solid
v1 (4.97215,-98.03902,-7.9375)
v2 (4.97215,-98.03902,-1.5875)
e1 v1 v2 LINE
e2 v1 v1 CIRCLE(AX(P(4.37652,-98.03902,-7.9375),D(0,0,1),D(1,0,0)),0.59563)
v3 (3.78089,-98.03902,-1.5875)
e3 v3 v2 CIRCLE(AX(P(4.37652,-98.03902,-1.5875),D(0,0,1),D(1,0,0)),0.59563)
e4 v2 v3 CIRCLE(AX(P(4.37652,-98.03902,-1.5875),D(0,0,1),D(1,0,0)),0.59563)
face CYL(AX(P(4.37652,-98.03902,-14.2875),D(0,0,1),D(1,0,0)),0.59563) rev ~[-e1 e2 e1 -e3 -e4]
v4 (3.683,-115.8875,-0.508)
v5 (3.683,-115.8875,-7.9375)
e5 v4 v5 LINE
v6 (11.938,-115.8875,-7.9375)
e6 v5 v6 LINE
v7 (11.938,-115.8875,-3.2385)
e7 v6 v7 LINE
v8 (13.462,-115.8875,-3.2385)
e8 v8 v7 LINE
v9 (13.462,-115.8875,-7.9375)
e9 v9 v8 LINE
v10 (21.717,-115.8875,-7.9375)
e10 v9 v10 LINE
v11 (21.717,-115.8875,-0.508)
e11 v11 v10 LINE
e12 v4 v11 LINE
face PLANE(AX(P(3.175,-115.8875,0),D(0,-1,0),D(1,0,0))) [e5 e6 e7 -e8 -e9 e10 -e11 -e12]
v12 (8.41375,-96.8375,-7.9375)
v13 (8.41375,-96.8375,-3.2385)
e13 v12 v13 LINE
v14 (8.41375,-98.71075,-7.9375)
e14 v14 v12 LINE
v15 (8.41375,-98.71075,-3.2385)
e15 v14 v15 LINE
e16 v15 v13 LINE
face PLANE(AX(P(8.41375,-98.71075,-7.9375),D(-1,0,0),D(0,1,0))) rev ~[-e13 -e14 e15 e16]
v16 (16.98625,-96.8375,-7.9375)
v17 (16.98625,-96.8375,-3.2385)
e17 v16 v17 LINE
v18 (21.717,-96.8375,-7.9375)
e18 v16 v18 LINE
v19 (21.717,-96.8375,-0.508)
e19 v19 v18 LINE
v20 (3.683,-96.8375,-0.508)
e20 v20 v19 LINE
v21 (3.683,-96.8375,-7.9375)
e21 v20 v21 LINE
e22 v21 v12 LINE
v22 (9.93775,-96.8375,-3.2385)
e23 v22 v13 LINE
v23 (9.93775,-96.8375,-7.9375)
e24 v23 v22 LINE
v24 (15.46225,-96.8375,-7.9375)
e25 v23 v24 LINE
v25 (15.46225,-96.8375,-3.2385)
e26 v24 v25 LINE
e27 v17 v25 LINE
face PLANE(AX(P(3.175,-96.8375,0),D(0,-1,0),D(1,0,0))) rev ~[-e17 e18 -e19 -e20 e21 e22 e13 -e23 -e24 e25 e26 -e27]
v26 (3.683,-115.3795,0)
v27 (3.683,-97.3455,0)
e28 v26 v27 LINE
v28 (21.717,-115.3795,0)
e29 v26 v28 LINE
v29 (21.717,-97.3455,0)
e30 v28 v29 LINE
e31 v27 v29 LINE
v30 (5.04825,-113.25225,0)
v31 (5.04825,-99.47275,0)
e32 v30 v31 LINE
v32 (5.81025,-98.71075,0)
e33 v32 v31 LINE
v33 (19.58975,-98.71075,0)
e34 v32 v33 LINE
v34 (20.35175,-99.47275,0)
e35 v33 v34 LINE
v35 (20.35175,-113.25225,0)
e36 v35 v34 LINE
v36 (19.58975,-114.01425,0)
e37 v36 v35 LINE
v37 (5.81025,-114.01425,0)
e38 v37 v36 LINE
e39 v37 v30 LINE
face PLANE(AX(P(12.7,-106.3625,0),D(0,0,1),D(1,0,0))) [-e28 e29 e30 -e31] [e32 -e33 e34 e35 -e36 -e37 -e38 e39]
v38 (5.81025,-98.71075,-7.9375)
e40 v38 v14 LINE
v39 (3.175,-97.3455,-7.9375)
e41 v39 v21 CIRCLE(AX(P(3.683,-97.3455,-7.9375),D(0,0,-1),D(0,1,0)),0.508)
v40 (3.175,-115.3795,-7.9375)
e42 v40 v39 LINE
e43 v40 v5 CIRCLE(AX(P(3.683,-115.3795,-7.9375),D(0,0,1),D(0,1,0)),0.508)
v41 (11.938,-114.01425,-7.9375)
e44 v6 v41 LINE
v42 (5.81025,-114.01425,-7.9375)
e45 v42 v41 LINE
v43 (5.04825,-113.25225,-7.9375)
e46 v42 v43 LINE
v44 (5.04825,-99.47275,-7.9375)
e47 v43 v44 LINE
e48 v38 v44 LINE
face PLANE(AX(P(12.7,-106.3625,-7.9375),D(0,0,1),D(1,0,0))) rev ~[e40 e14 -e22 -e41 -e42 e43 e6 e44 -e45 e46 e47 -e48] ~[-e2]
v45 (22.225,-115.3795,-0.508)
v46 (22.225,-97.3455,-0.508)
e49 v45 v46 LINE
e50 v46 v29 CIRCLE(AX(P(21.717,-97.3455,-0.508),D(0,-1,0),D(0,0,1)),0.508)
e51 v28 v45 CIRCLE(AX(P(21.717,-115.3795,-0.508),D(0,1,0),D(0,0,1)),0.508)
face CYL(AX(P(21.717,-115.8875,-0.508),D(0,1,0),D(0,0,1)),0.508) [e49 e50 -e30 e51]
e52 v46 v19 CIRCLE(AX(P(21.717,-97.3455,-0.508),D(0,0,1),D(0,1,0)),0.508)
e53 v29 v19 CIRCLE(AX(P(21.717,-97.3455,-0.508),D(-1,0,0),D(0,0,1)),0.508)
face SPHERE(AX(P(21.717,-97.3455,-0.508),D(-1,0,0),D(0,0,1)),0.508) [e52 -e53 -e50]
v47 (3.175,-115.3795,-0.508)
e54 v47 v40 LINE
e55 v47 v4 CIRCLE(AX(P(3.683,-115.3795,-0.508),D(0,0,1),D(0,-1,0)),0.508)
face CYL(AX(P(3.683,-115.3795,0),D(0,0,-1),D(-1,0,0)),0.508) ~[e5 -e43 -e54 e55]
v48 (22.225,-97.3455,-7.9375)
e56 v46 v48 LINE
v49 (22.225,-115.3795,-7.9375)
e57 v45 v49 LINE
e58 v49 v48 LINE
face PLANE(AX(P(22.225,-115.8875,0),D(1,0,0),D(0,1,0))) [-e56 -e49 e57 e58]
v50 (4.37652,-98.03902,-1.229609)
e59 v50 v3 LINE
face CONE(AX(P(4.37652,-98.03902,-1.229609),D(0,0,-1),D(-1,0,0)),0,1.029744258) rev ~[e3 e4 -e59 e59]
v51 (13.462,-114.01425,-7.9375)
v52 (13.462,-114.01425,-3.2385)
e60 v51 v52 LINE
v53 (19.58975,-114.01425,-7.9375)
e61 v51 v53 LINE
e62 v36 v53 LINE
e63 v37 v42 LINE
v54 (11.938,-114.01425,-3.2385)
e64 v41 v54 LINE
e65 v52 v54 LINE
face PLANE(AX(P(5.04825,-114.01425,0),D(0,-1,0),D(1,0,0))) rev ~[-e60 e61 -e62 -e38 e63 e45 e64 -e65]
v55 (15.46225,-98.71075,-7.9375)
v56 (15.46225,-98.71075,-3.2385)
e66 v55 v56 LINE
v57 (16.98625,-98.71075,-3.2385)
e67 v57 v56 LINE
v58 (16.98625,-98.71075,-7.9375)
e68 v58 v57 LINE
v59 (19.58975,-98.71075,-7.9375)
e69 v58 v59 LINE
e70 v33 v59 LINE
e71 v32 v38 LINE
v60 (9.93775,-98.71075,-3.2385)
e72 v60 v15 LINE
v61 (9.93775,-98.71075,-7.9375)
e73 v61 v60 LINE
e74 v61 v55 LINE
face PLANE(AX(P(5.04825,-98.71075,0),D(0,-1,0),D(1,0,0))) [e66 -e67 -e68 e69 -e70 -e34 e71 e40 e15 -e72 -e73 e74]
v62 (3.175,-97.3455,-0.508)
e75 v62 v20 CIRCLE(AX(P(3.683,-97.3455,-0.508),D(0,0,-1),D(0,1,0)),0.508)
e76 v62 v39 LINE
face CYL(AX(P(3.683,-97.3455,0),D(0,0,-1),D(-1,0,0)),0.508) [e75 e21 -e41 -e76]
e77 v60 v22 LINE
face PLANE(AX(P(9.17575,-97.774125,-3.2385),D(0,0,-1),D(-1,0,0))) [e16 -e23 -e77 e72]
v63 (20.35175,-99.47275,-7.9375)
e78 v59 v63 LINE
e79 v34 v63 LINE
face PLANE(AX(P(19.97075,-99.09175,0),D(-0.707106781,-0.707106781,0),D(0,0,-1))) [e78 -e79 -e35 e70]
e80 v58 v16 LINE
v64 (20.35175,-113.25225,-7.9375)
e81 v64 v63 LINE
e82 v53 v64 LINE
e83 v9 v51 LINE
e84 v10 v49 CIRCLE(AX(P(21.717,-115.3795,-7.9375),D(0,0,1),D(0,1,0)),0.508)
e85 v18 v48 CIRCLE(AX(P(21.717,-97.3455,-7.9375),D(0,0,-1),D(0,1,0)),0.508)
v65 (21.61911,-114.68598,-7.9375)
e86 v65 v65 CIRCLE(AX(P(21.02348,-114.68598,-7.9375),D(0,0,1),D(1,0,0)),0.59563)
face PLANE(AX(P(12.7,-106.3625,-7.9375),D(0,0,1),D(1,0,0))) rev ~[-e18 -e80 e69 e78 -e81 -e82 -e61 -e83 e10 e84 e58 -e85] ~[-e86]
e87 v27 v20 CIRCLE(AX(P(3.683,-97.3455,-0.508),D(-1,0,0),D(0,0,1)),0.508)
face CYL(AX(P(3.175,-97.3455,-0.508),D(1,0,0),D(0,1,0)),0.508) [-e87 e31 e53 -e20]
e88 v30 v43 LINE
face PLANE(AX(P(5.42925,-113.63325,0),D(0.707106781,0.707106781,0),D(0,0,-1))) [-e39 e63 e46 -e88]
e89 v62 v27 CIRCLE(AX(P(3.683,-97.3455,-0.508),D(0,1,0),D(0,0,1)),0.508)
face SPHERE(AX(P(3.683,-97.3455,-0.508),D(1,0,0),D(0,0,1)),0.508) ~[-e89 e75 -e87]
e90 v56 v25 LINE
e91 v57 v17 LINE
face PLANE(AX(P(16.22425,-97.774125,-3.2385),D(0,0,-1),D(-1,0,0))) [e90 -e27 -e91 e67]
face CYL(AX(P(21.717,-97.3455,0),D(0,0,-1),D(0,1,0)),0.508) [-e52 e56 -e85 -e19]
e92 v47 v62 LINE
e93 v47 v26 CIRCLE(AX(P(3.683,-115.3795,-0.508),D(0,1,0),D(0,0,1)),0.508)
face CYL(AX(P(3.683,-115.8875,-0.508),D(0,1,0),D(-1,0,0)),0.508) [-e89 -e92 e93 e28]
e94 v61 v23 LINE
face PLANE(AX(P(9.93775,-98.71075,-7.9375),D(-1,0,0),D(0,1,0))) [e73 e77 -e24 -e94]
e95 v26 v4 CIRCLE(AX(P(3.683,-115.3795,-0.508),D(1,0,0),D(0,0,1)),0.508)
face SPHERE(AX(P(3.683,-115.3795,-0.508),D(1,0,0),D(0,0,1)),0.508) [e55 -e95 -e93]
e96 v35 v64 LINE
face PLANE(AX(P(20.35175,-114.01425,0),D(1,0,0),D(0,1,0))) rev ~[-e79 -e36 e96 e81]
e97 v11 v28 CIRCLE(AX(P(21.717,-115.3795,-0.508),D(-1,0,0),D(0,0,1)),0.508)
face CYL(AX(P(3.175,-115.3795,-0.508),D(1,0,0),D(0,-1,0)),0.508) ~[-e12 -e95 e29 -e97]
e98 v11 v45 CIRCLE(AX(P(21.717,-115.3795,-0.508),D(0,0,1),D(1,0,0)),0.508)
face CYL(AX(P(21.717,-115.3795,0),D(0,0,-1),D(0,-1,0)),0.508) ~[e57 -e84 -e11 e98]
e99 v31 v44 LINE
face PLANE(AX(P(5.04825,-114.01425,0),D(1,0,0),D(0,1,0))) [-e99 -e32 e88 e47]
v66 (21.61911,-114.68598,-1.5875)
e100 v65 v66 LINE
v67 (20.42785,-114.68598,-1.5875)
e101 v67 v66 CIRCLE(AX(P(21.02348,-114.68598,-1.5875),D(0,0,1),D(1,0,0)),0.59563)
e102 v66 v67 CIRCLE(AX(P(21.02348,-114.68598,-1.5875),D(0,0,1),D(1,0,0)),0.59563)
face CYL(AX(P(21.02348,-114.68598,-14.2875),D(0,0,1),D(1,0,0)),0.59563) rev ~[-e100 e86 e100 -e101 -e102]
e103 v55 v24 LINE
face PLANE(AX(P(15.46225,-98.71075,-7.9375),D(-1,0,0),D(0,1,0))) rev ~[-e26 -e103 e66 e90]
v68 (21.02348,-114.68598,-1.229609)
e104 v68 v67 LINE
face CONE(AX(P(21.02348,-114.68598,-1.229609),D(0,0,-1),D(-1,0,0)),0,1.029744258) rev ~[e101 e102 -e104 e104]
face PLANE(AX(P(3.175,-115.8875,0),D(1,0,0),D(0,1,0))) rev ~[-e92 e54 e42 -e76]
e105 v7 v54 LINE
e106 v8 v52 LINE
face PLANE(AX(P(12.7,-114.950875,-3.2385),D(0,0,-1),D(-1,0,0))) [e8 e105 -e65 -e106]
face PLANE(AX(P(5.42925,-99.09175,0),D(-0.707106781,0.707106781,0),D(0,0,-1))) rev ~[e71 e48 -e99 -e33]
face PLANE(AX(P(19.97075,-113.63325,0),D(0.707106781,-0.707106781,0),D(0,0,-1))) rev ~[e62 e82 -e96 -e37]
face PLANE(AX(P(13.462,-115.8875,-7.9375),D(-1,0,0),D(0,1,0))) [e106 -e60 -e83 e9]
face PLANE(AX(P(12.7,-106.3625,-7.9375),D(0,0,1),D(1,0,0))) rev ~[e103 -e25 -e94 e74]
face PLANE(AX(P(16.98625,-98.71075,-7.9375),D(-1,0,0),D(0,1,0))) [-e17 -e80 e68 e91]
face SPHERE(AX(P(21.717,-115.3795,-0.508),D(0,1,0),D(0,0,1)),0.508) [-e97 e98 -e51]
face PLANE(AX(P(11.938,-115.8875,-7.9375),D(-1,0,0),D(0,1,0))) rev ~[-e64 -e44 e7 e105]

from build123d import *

# Parameters (mm, degrees)
SKETCH1_W                 = 19.05
SKETCH1_H                 = 19.05
SKETCH1_W_2               = 15.3035
SKETCH1_H_2               = 15.3035
BOSS_EXTRUDE1_DEPTH       = 7.9375
SKETCH2_W                 = 1.524
SKETCH2_H                 = 1.87325
CUT_EXTRUDE_THIN1_DEPTH   = 4.699
FILLET2_R                 = 0.508
CHAMFER1_SIZE             = 0.762
F_0_80_TAPPED_HOLE1_D     = 1.19126
F_0_80_TAPPED_HOLE1_DEPTH = 6.35
F_0_80_TAPPED_HOLE1_TIP   = 0.357890611


with BuildPart() as part:
    # Sketch1 → Boss-Extrude1 (new body)
    with BuildSketch(Plane.XY):
        with Locations((12.7, -106.3625)):
            Rectangle(SKETCH1_W, SKETCH1_H)
        with Locations((12.7, -106.3625)):
            Rectangle(SKETCH1_W_2, SKETCH1_H_2, mode=Mode.SUBTRACT)
    extrude(amount=-BOSS_EXTRUDE1_DEPTH)

    # Sketch2 → Cut-Extrude-Thin1 (cut)
    with BuildSketch(Plane(origin=(0, 0, -7.9375), x_dir=(-1, 0, 0), z_dir=(0, 0, -1))):
        with Locations((-12.7, -114.950875)):
            Rectangle(SKETCH2_W, SKETCH2_H)
        with Locations((-9.17575, -97.774125)):
            Rectangle(SKETCH2_W, SKETCH2_H)
        with Locations((-16.22425, -97.774125)):
            Rectangle(SKETCH2_W, SKETCH2_H)
    extrude(amount=-CUT_EXTRUDE_THIN1_DEPTH, mode=Mode.SUBTRACT)

    # Fillet2
    fillet2_edges = [part.edges().sort_by_distance(p)[0] for p in [
        (12.7, -96.8375, 0),
        (22.225, -106.3625, 0),
        (12.7, -115.8875, 0),
        (3.175, -106.3625, 0),
        (3.175, -96.8375, -3.96875),
        (22.225, -96.8375, -3.96875),
        (22.225, -115.8875, -3.96875),
        (3.175, -115.8875, -3.96875),
    ]]
    fillet(fillet2_edges, radius=FILLET2_R)

    # Chamfer1
    chamfer1_edges = [part.edges().sort_by_distance(p)[0] for p in [
        (5.04825, -114.01425, -3.96875),
        (5.04825, -98.71075, -3.96875),
        (20.35175, -98.71075, -3.96875),
        (20.35175, -114.01425, -3.96875),
    ]]
    chamfer(chamfer1_edges, length=CHAMFER1_SIZE)

    # #0-80 Tapped Hole1
    with Locations(Plane(origin=(0, 0, -7.9375), x_dir=(-1, 0, 0), z_dir=(0, 0, -1))):
        with Locations((-4.376519878, -98.039019878), (-21.023480122, -114.685980122)):
            Hole(F_0_80_TAPPED_HOLE1_D / 2, depth=F_0_80_TAPPED_HOLE1_DEPTH)
            with Locations((0, 0, -(F_0_80_TAPPED_HOLE1_DEPTH + F_0_80_TAPPED_HOLE1_TIP / 2))):  # 118° drill point
                Cone(0, F_0_80_TAPPED_HOLE1_D / 2, F_0_80_TAPPED_HOLE1_TIP, mode=Mode.SUBTRACT)


solid = part.part
